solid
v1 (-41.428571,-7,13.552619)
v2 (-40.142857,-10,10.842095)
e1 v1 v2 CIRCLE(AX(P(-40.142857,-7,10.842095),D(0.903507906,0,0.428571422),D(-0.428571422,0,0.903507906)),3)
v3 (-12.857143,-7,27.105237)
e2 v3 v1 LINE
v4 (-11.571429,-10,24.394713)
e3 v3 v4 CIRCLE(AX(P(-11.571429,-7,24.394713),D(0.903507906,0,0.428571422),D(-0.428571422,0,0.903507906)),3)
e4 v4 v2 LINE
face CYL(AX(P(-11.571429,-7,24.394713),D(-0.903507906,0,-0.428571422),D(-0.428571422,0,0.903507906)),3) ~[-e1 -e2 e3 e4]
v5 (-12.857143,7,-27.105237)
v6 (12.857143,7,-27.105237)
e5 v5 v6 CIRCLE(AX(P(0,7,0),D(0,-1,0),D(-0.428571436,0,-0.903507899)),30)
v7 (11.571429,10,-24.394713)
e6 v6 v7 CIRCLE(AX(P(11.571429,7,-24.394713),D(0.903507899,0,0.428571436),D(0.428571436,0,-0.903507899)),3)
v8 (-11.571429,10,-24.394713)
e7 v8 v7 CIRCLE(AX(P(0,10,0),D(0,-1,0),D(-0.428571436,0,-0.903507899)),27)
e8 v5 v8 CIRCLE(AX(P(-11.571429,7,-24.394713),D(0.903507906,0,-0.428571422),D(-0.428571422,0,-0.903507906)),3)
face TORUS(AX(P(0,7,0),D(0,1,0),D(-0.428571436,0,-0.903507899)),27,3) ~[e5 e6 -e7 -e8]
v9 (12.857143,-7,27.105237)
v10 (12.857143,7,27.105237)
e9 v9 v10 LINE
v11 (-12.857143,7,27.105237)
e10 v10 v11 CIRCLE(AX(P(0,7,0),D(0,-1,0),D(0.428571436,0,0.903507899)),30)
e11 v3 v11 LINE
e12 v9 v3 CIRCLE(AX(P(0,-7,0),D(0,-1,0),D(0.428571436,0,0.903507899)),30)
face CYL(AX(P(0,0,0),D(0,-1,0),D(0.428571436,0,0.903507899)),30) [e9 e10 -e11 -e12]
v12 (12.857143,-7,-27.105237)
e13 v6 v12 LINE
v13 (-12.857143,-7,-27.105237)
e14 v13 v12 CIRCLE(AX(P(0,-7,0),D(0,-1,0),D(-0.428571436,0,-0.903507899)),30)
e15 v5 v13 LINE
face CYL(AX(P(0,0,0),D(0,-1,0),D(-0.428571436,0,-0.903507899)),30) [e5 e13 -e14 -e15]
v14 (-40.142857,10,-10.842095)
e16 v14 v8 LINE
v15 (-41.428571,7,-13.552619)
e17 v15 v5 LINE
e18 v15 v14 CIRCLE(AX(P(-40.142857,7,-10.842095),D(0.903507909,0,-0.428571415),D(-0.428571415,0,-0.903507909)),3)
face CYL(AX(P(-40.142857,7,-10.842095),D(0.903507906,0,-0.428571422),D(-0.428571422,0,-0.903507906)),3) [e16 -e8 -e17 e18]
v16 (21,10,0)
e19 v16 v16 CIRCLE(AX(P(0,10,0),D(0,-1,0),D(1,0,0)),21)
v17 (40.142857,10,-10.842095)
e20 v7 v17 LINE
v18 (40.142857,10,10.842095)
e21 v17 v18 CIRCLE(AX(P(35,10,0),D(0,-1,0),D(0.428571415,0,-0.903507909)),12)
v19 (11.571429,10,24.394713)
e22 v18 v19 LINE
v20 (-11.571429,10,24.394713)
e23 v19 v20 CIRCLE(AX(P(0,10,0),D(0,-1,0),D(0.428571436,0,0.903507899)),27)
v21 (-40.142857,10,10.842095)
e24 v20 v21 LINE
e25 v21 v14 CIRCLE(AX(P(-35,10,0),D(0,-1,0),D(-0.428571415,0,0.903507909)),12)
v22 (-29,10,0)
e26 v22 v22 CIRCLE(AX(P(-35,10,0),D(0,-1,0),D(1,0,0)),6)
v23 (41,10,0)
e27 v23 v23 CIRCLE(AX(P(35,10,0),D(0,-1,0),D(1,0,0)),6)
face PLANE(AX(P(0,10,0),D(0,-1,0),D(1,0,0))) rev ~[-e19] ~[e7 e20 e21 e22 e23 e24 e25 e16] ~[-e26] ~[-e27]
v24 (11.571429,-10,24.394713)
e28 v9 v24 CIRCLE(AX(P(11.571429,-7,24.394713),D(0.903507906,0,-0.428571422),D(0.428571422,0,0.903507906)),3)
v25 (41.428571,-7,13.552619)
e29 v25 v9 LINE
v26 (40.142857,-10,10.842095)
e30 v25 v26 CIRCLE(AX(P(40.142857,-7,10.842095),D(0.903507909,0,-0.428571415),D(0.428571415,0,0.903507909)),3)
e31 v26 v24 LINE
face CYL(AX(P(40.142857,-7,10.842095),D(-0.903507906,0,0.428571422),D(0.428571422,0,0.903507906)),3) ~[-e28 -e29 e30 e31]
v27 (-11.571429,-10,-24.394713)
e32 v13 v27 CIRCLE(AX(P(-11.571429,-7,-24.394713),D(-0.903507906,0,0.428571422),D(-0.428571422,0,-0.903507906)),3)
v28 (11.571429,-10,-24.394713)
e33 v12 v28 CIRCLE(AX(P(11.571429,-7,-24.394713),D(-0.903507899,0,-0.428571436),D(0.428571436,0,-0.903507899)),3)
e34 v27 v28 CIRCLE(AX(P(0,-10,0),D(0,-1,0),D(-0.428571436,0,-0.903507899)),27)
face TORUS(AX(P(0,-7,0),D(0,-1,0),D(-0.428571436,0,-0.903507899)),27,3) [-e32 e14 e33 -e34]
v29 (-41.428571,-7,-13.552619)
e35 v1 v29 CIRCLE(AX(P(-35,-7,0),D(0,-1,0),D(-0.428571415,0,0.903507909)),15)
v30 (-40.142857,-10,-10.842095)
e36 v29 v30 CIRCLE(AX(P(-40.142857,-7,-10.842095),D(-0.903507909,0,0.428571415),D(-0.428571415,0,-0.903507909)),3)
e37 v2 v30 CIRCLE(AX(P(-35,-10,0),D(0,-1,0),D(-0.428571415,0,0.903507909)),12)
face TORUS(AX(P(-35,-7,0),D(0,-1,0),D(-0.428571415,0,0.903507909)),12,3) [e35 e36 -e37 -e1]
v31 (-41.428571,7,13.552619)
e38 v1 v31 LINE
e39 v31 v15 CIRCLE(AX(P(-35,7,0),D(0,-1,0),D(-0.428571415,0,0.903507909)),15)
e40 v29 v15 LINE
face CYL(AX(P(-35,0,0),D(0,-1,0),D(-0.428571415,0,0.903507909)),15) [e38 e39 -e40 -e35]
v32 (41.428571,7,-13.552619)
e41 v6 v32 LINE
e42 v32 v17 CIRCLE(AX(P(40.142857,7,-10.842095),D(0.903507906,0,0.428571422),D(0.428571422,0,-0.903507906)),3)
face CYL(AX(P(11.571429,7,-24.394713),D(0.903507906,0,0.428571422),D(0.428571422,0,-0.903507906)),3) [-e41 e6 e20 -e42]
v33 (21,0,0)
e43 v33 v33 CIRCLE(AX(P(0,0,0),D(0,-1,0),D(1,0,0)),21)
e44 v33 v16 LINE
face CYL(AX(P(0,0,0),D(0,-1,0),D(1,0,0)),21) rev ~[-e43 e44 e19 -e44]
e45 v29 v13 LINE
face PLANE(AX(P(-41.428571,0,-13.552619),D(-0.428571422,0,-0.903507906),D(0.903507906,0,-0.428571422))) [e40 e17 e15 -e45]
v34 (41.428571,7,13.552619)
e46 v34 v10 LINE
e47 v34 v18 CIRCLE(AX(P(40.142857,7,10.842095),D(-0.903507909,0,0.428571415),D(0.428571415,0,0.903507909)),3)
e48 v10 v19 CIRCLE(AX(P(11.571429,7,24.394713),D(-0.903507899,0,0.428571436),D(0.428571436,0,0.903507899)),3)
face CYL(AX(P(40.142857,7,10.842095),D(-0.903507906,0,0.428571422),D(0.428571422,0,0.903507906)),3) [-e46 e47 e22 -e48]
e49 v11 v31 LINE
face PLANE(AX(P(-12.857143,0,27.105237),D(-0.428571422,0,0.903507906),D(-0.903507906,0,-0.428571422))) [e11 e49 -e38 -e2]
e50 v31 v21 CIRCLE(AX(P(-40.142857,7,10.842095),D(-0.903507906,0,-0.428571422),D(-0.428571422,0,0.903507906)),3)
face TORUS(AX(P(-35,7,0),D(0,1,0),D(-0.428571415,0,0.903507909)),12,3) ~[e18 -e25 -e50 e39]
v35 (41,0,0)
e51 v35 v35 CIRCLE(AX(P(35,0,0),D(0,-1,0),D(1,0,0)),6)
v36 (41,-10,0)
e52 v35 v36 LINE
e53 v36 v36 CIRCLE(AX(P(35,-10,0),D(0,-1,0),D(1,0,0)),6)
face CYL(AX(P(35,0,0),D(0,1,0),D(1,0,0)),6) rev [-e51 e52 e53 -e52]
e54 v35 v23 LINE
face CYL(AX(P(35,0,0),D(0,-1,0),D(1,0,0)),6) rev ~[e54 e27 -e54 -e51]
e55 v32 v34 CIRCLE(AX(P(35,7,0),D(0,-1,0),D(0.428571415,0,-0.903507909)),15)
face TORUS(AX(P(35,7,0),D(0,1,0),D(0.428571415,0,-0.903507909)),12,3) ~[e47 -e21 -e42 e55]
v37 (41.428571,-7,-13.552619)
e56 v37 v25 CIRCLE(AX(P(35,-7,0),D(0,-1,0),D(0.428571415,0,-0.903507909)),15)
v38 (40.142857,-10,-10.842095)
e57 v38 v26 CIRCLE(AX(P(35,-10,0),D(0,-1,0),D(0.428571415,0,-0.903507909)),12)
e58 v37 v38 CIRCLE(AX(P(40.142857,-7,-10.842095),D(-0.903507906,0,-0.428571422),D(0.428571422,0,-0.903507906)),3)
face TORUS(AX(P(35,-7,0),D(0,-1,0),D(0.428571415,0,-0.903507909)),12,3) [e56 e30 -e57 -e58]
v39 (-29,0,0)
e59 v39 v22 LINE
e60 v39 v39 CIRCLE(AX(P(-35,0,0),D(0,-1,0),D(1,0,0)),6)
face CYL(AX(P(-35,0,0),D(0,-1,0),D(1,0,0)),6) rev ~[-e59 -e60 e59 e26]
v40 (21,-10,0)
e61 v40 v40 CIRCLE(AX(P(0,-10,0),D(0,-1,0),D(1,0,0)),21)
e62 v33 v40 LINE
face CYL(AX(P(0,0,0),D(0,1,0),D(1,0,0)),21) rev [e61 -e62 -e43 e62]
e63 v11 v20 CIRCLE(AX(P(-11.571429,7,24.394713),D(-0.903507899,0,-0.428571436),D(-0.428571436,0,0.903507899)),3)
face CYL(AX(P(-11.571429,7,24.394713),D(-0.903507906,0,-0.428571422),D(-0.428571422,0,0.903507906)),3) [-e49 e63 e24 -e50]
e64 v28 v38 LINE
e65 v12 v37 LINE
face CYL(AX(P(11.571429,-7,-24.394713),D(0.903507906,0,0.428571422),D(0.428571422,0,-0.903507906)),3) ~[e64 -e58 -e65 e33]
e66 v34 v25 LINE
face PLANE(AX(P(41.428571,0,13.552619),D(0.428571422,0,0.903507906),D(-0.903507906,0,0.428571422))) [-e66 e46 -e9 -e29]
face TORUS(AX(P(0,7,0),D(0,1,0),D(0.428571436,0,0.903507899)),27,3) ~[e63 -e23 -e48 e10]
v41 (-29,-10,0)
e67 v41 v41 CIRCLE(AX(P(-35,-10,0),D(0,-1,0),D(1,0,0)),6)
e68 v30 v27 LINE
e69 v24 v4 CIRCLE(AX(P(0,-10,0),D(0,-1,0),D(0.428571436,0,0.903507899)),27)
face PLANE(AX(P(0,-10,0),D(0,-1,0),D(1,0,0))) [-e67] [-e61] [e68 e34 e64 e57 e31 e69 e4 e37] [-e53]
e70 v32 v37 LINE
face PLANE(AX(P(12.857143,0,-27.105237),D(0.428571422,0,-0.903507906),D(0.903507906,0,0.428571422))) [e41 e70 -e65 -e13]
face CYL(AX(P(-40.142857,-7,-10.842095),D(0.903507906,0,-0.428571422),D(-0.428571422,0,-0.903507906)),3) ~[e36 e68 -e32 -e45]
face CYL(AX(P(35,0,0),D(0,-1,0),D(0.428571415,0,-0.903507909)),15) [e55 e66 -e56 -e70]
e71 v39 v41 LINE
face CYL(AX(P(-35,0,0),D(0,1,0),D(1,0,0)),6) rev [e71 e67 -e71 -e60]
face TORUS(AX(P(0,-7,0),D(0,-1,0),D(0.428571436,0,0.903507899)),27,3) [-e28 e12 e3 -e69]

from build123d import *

# Parameters (mm, degrees)
F0_R          = 6
F0_R_2        = 21
F1_DEPTH      = 10
F1_DEPTH_BACK = 10
F2_R          = 3


with BuildPart() as f1:
    # F0 (on Front) → F1 (new body, two sides)
    with BuildSketch(Plane.XZ) as f1_sk:
        with BuildLine():
            Line((-41.428571, -13.552619), (-12.857143, -27.105237))
            ThreePointArc((-12.857143, -27.105237), (0, -30), (12.857143, -27.105237))
            Line((12.857143, -27.105237), (41.428571, -13.552619))
            ThreePointArc((41.428571, -13.552619), (50, 0), (41.428571, 13.552619))
            Line((41.428571, 13.552619), (12.857143, 27.105237))
            ThreePointArc((12.857143, 27.105237), (0, 30), (-12.857143, 27.105237))
            Line((-12.857143, 27.105237), (-41.428571, 13.552619))
            ThreePointArc((-41.428571, 13.552619), (-50, 0), (-41.428571, -13.552619))
        make_face()
        with Locations((-35, 0)):
            Circle(F0_R, mode=Mode.SUBTRACT)
        Circle(F0_R_2, mode=Mode.SUBTRACT)
        with Locations((35, 0)):
            Circle(F0_R, mode=Mode.SUBTRACT)
    extrude(amount=F1_DEPTH)
    extrude(f1_sk.sketch, amount=-F1_DEPTH_BACK)

    # F2
    f2_edges = [f1.edges().sort_by_distance(p)[0] for p in [
        (-27.142857, -10, 20.328928),
        (0, 10, 30),
    ]]
    fillet(f2_edges, radius=F2_R)


solid = f1.part
